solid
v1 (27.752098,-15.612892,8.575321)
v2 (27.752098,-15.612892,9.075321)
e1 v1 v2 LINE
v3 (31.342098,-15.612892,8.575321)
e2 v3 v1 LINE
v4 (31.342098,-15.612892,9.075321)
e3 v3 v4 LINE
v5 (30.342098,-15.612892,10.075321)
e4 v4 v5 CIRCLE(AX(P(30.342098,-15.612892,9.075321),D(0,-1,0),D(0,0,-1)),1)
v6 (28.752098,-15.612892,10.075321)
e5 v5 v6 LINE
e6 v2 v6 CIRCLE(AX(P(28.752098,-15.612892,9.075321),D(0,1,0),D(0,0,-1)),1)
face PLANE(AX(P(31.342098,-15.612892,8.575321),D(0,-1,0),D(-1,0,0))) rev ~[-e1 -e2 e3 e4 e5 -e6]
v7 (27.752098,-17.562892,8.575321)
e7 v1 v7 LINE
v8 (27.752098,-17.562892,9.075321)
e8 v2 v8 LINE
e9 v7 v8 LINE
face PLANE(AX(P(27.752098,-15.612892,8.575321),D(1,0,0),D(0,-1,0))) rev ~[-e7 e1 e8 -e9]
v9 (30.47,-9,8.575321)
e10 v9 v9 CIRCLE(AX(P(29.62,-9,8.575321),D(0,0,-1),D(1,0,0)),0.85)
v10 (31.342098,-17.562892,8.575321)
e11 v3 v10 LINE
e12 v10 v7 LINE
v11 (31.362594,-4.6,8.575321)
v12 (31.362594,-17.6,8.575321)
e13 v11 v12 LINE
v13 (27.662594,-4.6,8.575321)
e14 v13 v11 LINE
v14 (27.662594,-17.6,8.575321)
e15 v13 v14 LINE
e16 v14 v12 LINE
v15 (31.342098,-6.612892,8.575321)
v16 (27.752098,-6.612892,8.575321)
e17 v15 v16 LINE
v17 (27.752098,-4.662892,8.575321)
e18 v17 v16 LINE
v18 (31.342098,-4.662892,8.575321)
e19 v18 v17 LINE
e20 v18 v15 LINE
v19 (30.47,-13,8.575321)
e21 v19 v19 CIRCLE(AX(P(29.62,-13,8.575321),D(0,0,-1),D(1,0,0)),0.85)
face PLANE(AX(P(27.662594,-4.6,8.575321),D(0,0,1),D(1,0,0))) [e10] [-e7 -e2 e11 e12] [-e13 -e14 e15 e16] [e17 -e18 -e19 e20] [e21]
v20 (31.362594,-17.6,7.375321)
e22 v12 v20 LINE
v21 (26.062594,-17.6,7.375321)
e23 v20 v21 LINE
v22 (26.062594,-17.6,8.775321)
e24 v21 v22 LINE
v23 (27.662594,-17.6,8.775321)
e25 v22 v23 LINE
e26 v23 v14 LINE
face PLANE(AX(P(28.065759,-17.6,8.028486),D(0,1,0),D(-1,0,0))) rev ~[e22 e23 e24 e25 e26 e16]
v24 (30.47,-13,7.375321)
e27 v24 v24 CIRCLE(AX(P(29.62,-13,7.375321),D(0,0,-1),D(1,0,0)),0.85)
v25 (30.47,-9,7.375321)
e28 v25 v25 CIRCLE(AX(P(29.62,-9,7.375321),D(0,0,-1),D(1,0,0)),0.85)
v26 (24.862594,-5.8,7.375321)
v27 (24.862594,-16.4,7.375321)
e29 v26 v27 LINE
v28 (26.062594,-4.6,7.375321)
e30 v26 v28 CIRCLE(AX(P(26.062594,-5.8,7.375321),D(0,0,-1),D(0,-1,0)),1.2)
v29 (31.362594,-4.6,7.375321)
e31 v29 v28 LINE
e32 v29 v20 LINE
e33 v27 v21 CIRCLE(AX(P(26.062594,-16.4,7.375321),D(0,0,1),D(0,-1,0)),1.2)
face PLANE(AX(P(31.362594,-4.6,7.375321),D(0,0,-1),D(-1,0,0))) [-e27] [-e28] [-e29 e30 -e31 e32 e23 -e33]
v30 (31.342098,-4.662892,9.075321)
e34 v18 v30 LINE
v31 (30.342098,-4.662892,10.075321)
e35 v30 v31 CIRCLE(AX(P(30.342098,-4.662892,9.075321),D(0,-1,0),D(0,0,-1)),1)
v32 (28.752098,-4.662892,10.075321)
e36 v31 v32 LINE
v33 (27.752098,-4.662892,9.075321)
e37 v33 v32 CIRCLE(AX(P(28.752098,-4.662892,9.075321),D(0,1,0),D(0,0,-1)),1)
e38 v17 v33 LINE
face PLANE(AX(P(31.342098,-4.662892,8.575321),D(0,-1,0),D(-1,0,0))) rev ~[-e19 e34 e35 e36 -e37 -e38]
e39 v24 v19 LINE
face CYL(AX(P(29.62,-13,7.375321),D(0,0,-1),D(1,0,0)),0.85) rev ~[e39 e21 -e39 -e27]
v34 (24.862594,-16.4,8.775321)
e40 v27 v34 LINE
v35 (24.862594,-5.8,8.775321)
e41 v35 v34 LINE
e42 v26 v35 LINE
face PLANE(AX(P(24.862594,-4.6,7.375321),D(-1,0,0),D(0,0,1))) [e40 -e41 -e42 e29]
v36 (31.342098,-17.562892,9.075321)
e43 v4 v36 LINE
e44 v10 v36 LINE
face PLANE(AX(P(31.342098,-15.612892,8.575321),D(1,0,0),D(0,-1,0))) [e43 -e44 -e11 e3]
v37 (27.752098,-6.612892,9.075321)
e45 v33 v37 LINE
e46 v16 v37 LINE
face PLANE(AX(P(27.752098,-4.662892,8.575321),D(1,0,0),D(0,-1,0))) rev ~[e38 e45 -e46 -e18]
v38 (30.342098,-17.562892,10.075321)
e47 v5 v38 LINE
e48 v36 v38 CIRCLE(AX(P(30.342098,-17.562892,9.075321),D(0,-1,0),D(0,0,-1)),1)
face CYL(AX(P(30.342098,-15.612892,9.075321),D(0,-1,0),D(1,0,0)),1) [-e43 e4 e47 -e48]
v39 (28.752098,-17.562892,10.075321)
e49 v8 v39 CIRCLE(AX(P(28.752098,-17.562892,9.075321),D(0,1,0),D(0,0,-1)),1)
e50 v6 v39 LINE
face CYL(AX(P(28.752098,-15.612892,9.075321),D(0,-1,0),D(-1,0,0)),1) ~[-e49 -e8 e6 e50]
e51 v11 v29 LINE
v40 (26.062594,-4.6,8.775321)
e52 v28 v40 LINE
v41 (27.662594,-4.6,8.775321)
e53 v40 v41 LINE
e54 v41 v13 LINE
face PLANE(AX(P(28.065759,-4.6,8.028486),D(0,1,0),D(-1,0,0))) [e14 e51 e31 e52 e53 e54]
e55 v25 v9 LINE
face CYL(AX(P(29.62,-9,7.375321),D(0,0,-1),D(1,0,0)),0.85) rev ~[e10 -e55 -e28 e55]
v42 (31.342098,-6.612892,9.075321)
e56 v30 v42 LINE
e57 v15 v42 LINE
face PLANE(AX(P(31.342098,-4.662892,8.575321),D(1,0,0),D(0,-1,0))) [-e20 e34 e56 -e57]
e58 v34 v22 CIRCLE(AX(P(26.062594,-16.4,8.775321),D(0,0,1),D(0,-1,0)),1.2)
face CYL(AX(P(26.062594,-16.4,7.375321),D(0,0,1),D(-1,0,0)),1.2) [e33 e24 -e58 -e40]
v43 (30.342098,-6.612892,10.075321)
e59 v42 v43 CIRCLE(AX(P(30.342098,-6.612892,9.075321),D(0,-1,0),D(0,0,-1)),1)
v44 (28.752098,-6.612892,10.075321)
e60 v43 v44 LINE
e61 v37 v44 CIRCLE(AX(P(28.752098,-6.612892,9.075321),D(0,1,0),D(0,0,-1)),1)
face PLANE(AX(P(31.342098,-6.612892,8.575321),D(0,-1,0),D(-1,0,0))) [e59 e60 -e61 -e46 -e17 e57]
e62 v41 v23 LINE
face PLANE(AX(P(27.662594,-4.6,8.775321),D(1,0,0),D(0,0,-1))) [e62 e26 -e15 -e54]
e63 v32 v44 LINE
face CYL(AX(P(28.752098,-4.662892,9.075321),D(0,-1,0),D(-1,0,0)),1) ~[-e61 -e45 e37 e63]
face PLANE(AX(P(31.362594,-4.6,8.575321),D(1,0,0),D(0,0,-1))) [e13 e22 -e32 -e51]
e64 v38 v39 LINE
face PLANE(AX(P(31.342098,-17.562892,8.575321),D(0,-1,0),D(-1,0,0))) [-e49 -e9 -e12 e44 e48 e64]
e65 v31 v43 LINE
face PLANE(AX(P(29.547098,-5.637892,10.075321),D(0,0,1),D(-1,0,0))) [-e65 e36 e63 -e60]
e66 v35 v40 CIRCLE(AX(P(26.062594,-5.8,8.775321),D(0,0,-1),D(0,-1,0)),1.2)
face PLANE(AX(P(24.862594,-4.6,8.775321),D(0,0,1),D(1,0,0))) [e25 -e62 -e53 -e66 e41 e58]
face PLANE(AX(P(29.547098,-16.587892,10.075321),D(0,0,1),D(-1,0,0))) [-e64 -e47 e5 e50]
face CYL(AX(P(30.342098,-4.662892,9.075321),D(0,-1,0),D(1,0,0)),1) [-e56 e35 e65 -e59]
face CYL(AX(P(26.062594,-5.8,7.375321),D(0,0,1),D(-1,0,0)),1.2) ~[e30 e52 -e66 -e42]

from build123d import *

# Parameters (mm, degrees)
PAD023_DEPTH    = 13
SKETCH050_R     = 0.85
POCKET025_DEPTH = 5
FILLET008_R     = 1.2
SKETCH061_W     = 3.59
SKETCH061_H     = 1.95
PAD032_DEPTH    = 1.5
FILLET011_R     = 1


with BuildPart() as part:
    # Sketch049 → Pad023 (new body)
    with BuildSketch(Plane.XZ.offset(-4)):
        Polygon((24.862594, 8.175321), (27.662594, 8.175321), (27.662594, 7.975321), (31.362594, 7.975321), (31.362594, 6.775321), (24.862594, 6.775321), align=None)
    extrude(amount=PAD023_DEPTH)

    # Sketch050 (on Face5 of Pad023) → Pocket025 (cut)
    with BuildSketch(Plane(origin=(0, 0, 6.775321), x_dir=(1, 0, 0), z_dir=(0, 0, -1))):
        with Locations((29.62, 4.4)):
            Circle(SKETCH050_R)
        with Locations((29.62, 0.4)):
            Circle(SKETCH050_R)
    extrude(amount=-POCKET025_DEPTH, mode=Mode.SUBTRACT)

    # Fillet008
    fillet008_edges = [part.edges().sort_by_distance(p)[0] for p in [
        (24.862594, -9, 7.475321),
        (24.862594, 4, 7.475321),
    ]]
    fillet(fillet008_edges, radius=FILLET008_R)

    # Sketch061 (on Face9 of Fillet008) → Pad032 (join)
    with BuildSketch(Plane(origin=(0, 0, 7.975321), x_dir=(-1, 0, 0), z_dir=(0, 0, 1))):
        with Locations((-29.547098, 7.987892)):
            Rectangle(SKETCH061_W, SKETCH061_H)
        with Locations((-29.547098, -2.962108)):
            Rectangle(SKETCH061_W, SKETCH061_H)
    extrude(amount=PAD032_DEPTH)

    # Fillet011
    fillet011_edges = [part.edges().sort_by_distance(p)[0] for p in [
        (27.752098, 2.962108, 9.475321),
        (31.342098, 2.962108, 9.475321),
        (27.752098, -7.987892, 9.475321),
        (31.342098, -7.987892, 9.475321),
    ]]
    fillet(fillet011_edges, radius=FILLET011_R)


with BuildPart() as part_1:
    # Body006 placement: moved
    add(part.part.moved(Location((0, -8.6, 0.6))))


solid = part_1.part
